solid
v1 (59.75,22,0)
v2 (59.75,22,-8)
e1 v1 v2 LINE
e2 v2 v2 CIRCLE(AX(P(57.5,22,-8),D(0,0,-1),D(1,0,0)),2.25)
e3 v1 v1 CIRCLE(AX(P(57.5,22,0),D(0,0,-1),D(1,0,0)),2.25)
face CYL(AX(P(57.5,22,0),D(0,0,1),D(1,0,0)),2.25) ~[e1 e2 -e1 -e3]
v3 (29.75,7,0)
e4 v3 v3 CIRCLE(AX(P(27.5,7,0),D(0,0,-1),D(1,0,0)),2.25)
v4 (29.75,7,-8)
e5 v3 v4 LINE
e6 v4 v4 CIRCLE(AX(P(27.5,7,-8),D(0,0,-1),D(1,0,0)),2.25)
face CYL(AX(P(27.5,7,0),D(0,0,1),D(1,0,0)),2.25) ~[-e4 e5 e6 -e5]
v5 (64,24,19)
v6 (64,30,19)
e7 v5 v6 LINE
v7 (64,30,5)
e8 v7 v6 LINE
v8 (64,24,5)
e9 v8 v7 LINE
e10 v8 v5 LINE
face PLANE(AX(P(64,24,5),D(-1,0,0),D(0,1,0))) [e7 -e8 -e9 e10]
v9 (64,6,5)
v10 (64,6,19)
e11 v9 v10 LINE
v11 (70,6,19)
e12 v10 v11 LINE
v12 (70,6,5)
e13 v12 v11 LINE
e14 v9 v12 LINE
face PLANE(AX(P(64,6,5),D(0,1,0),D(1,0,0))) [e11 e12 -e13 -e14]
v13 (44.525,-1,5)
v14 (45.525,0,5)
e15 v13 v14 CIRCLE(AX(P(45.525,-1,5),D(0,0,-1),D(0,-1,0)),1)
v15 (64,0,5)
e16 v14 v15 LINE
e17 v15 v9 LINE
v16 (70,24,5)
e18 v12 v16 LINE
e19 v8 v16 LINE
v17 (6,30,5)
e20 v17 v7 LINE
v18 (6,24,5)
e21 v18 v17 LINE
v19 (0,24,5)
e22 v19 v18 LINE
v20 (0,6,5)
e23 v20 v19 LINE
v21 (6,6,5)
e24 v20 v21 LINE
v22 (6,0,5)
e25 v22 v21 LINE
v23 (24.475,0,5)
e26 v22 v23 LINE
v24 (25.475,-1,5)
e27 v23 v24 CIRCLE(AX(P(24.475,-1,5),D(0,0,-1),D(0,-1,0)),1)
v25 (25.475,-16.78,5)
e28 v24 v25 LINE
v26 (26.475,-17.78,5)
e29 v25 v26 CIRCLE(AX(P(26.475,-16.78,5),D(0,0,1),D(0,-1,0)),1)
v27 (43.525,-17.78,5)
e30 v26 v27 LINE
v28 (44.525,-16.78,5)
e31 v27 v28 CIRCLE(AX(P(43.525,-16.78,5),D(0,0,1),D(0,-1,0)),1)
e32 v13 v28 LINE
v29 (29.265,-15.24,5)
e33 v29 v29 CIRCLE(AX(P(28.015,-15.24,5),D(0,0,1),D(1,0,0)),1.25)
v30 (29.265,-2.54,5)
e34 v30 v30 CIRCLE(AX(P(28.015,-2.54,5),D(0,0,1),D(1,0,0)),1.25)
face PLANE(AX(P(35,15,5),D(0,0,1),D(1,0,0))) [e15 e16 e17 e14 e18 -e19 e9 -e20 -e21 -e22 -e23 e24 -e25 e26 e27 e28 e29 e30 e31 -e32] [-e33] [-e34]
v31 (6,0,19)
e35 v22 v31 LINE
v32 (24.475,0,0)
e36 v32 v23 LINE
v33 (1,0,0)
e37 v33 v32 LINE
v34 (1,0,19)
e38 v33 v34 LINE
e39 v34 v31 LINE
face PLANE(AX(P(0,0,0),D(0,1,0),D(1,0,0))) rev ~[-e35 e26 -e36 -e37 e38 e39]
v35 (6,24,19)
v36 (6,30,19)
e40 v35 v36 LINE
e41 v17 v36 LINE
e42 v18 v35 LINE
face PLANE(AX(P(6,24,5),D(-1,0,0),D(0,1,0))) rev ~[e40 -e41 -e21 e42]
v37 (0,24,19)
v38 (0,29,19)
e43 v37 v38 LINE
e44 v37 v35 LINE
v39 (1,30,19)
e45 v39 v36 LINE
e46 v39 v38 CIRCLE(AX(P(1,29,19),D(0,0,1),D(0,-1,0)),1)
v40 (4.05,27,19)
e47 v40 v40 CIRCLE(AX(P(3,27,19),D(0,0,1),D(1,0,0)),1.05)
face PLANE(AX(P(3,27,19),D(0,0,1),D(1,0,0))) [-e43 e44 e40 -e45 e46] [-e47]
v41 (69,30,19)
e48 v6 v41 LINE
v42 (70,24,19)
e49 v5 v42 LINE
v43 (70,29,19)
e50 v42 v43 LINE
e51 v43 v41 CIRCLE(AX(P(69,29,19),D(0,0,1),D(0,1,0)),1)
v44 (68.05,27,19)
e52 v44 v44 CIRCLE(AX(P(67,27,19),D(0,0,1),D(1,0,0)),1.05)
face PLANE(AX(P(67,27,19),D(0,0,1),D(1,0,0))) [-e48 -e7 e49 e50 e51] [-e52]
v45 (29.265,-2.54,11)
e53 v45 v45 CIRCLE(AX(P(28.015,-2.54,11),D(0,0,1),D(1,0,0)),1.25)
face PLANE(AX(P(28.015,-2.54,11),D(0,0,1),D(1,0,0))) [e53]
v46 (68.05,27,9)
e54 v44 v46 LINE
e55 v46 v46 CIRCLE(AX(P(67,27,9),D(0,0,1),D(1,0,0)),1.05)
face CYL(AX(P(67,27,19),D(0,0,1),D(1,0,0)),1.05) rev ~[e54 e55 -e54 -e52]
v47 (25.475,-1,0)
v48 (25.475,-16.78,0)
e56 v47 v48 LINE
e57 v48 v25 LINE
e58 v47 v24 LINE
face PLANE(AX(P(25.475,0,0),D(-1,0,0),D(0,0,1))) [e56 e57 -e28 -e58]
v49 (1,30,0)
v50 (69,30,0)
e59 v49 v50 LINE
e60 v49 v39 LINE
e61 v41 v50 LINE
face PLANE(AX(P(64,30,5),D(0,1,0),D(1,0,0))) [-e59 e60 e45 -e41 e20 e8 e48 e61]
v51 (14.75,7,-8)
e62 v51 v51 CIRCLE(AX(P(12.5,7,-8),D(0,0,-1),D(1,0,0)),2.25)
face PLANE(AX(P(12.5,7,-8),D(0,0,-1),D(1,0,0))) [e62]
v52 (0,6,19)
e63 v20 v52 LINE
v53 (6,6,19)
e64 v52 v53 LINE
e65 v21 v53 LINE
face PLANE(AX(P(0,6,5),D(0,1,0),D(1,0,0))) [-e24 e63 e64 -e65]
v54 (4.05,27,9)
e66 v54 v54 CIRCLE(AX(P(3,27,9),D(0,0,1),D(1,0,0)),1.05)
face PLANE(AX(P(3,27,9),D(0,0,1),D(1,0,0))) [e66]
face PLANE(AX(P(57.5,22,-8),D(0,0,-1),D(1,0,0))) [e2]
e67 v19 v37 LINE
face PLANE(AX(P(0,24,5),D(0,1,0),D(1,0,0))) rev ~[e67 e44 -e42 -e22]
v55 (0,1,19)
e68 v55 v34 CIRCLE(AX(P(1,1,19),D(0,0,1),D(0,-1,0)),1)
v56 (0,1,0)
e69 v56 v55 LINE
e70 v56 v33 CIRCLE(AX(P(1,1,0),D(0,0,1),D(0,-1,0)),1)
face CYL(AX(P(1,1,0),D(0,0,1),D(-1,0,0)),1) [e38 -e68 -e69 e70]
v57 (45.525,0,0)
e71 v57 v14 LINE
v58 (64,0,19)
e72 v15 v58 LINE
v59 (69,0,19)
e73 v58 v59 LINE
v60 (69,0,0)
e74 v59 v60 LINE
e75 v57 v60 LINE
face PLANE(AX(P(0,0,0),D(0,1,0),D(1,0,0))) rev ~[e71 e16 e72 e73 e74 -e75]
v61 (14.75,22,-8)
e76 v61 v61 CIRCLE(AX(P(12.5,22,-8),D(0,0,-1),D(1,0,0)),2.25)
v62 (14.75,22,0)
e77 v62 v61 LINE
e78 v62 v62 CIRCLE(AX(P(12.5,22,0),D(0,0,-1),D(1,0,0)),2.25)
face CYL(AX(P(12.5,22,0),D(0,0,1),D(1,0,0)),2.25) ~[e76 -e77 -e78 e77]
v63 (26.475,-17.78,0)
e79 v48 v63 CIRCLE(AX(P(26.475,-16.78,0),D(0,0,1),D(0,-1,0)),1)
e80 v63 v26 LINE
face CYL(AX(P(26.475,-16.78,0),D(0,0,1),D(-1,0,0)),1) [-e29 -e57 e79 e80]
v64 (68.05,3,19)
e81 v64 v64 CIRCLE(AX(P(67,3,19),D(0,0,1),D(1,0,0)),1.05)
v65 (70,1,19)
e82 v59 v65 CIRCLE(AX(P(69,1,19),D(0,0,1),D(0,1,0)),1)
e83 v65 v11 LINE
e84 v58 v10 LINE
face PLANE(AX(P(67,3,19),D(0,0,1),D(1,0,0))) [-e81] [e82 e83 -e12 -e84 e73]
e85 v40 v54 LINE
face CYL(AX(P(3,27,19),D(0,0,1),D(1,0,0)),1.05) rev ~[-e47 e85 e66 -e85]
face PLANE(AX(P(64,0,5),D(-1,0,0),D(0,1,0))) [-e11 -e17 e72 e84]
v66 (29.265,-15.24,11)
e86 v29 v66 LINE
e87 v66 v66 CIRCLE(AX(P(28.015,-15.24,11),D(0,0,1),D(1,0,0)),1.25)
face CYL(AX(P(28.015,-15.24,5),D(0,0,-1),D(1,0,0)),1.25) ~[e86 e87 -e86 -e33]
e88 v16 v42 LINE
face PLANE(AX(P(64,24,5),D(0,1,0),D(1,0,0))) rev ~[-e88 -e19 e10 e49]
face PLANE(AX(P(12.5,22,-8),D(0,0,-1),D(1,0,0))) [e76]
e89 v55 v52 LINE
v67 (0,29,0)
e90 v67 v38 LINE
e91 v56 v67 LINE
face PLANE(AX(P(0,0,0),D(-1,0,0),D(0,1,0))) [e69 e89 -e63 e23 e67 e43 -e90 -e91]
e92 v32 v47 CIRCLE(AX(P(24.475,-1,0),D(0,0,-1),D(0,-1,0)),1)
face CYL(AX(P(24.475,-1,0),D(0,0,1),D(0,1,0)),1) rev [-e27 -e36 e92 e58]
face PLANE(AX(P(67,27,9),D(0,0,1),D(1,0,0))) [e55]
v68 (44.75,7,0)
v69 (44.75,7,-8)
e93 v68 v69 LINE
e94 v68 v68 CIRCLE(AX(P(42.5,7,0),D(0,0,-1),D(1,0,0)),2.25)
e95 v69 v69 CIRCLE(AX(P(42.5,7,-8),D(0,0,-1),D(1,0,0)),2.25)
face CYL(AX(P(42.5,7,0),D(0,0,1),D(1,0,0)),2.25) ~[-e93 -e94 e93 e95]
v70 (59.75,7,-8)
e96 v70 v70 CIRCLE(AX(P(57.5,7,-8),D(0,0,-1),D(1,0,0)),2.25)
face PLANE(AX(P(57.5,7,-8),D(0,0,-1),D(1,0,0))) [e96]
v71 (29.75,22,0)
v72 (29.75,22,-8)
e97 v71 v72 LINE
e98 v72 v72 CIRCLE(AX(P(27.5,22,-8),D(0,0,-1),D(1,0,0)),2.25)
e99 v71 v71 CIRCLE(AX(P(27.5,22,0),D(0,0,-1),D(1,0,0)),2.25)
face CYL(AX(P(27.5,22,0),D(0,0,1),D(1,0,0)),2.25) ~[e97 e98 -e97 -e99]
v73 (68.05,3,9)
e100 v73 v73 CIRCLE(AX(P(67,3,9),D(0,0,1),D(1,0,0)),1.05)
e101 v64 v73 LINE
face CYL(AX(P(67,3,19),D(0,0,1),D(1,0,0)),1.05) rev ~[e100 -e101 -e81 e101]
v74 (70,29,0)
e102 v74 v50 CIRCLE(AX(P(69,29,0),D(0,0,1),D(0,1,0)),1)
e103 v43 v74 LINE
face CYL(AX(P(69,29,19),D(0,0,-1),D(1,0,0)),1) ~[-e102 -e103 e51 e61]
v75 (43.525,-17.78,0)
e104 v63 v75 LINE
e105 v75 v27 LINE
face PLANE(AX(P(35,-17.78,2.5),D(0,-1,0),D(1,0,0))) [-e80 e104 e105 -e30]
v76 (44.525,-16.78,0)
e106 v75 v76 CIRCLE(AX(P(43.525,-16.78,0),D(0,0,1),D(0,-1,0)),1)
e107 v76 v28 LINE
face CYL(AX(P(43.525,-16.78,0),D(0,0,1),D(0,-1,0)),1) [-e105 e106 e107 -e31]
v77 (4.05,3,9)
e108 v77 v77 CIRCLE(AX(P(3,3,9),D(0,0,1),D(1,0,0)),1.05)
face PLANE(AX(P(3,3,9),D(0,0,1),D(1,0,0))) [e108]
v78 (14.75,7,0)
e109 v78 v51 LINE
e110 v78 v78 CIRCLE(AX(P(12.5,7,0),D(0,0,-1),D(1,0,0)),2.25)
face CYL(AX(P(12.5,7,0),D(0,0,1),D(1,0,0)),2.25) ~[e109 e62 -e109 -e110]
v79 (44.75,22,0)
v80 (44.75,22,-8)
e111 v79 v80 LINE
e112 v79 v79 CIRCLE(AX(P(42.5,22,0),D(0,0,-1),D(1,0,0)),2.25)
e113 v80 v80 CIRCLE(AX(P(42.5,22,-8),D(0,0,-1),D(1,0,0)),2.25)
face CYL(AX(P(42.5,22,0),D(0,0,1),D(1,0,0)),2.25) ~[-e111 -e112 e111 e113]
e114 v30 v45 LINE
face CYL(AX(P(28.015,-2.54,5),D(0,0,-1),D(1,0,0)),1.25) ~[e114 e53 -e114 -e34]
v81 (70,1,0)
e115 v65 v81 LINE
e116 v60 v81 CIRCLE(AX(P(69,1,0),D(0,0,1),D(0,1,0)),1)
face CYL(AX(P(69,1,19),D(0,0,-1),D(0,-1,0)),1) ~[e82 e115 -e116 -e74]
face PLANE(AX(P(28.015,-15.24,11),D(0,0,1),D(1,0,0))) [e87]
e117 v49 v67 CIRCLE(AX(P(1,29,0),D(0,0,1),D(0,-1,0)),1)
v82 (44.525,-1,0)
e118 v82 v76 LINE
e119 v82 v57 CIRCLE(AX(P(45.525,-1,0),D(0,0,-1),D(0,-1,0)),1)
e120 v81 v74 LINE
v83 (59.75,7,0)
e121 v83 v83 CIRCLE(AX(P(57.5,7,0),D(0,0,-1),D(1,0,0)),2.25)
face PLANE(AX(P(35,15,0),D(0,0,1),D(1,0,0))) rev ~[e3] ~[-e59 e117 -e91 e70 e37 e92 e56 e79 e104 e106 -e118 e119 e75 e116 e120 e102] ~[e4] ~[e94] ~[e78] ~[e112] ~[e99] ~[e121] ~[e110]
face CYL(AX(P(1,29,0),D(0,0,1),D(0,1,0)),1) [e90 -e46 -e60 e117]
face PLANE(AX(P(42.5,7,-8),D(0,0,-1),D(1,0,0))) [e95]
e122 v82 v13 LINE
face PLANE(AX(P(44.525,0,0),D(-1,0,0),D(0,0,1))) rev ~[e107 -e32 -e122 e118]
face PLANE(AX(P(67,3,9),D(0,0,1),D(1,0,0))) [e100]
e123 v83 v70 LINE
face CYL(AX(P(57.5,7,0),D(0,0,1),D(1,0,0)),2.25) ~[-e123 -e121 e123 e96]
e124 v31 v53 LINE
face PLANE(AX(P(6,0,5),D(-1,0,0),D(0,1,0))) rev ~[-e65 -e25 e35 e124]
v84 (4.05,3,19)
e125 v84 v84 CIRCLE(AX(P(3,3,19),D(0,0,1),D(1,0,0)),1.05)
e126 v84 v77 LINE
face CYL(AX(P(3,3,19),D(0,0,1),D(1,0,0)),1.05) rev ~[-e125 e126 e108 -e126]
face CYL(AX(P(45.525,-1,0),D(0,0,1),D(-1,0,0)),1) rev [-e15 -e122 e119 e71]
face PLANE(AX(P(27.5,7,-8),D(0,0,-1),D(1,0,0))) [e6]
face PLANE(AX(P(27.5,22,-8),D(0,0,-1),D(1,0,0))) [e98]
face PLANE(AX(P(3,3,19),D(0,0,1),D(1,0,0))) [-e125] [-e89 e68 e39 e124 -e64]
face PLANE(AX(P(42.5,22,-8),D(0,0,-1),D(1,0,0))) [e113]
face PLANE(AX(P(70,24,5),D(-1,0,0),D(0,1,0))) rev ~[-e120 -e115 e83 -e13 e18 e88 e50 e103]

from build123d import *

# Parameters (mm, degrees)
SKETCH003_W      = 19.05
SKETCH003_H      = 5
EXTRUDE004_DEPTH = 17.78
SKETCH002_R      = 2.25
EXTRUDE003_DEPTH = 8
SKETCH001_R      = 1.05
EXTRUDE001_DEPTH = 10
SKETCH_W         = 6
SKETCH_H         = 6
EXTRUDE_DEPTH    = 14
BOX_W            = 70
BOX_H            = 30
BOX_DEPTH        = 5
SKETCH004_R      = 1.25
EXTRUDE006_DEPTH = 6
FILLET_R         = 1
FILLET001_R      = 1
FILLET002_R      = 1
FILLET003_R      = 1
FILLET004_R      = 1
FILLET005_R      = 1
FILLET006_R      = 1


with BuildPart() as extrude004:
    # Sketch003 (on Face2 of Fusion001) → Extrude004 (new body)
    with BuildSketch(Plane.XZ):
        with Locations((35, 2.5)):
            Rectangle(SKETCH003_W, SKETCH003_H)
    extrude(amount=EXTRUDE004_DEPTH)


with BuildPart() as extrude003:
    # Sketch002 (on Face7 of Fusion) → Extrude003 (new body)
    with BuildSketch(Plane(origin=(0, 0, 0), x_dir=(1, 0, 0), z_dir=(0, 0, -1))):
        with Locations((42.5, -7)):
            Circle(SKETCH002_R)
        with Locations((27.5, -7)):
            Circle(SKETCH002_R)
        with Locations((57.5, -7)):
            Circle(SKETCH002_R)
        with Locations((12.5, -7)):
            Circle(SKETCH002_R)
        with Locations((42.5, -22)):
            Circle(SKETCH002_R)
        with Locations((57.5, -22)):
            Circle(SKETCH002_R)
        with Locations((12.5, -22)):
            Circle(SKETCH002_R)
        with Locations((27.5, -22)):
            Circle(SKETCH002_R)
    extrude(amount=EXTRUDE003_DEPTH)


with BuildPart() as extrude001:
    # Sketch001 (on Face24 of Extrude) → Extrude001 (new body)
    with BuildSketch(Plane.XY.offset(19)):
        with Locations((3, 27)):
            Circle(SKETCH001_R)
        with Locations((3, 3)):
            Circle(SKETCH001_R)
        with Locations((67, 3)):
            Circle(SKETCH001_R)
        with Locations((67, 27)):
            Circle(SKETCH001_R)
    extrude(amount=-EXTRUDE001_DEPTH)


with BuildPart() as cut:
    # Sketch (on Face6 of Box) → Extrude (new body)
    with BuildSketch(Plane.XY.offset(5)):
        with Locations((3, 27)):
            Rectangle(SKETCH_W, SKETCH_H)
        with Locations((3, 3)):
            Rectangle(SKETCH_W, SKETCH_H)
        with Locations((67, 3)):
            Rectangle(SKETCH_W, SKETCH_H)
        with Locations((67, 27)):
            Rectangle(SKETCH_W, SKETCH_H)
    extrude(amount=EXTRUDE_DEPTH)

    # Cut: cut Extrude001
    add(extrude001.part, mode=Mode.SUBTRACT)


with BuildPart() as fusion001:
    # Box → Box (new body)
    with BuildSketch(Plane.XY):
        with Locations((35, 15)):
            Rectangle(BOX_W, BOX_H)
    extrude(amount=BOX_DEPTH)

    # Fusion: union Cut
    add(cut.part)

    # Fusion001: union Extrude003
    add(extrude003.part)


with BuildPart() as speaker_plate:
    # Sketch004 (on Face4 of Extrude004) → Extrude006 (new body)
    with BuildSketch(Plane.XY.offset(5)):
        with Locations((28.015, -2.54)):
            Circle(SKETCH004_R)
        with Locations((28.015, -15.24)):
            Circle(SKETCH004_R)
    extrude(amount=EXTRUDE006_DEPTH)

    # Fusion002: union Extrude004, Fusion001
    add(extrude004.part)
    add(fusion001.part)

    # Fillet
    fillet_edges = [speaker_plate.edges().sort_by_distance(p)[0] for p in [
        (0, 0, 2.5),
        (0, 0, 12),
    ]]
    fillet(fillet_edges, radius=FILLET_R)

    # Fillet001
    fillet001_edges = [speaker_plate.edges().sort_by_distance(p)[0] for p in [
        (25.475, 0, 2.5),
        (25.475, -17.78, 2.5),
    ]]
    fillet(fillet001_edges, radius=FILLET001_R)

    # Fillet002
    fillet002_edges = [speaker_plate.edges().sort_by_distance(p)[0] for p in [
        (44.525, -17.78, 2.5),
    ]]
    fillet(fillet002_edges, radius=FILLET002_R)

    # Fillet003
    fillet003_edges = [speaker_plate.edges().sort_by_distance(p)[0] for p in [
        (44.525, 0, 2.5),
    ]]
    fillet(fillet003_edges, radius=FILLET003_R)

    # Fillet004
    fillet004_edges = [speaker_plate.edges().sort_by_distance(p)[0] for p in [
        (70, 0, 2.5),
        (70, 0, 12),
    ]]
    fillet(fillet004_edges, radius=FILLET004_R)

    # Fillet005
    fillet005_edges = [speaker_plate.edges().sort_by_distance(p)[0] for p in [
        (70, 30, 2.5),
        (70, 30, 12),
    ]]
    fillet(fillet005_edges, radius=FILLET005_R)

    # Fillet006
    fillet006_edges = [speaker_plate.edges().sort_by_distance(p)[0] for p in [
        (0, 30, 2.5),
        (0, 30, 12),
    ]]
    fillet(fillet006_edges, radius=FILLET006_R)


solid = speaker_plate.part
